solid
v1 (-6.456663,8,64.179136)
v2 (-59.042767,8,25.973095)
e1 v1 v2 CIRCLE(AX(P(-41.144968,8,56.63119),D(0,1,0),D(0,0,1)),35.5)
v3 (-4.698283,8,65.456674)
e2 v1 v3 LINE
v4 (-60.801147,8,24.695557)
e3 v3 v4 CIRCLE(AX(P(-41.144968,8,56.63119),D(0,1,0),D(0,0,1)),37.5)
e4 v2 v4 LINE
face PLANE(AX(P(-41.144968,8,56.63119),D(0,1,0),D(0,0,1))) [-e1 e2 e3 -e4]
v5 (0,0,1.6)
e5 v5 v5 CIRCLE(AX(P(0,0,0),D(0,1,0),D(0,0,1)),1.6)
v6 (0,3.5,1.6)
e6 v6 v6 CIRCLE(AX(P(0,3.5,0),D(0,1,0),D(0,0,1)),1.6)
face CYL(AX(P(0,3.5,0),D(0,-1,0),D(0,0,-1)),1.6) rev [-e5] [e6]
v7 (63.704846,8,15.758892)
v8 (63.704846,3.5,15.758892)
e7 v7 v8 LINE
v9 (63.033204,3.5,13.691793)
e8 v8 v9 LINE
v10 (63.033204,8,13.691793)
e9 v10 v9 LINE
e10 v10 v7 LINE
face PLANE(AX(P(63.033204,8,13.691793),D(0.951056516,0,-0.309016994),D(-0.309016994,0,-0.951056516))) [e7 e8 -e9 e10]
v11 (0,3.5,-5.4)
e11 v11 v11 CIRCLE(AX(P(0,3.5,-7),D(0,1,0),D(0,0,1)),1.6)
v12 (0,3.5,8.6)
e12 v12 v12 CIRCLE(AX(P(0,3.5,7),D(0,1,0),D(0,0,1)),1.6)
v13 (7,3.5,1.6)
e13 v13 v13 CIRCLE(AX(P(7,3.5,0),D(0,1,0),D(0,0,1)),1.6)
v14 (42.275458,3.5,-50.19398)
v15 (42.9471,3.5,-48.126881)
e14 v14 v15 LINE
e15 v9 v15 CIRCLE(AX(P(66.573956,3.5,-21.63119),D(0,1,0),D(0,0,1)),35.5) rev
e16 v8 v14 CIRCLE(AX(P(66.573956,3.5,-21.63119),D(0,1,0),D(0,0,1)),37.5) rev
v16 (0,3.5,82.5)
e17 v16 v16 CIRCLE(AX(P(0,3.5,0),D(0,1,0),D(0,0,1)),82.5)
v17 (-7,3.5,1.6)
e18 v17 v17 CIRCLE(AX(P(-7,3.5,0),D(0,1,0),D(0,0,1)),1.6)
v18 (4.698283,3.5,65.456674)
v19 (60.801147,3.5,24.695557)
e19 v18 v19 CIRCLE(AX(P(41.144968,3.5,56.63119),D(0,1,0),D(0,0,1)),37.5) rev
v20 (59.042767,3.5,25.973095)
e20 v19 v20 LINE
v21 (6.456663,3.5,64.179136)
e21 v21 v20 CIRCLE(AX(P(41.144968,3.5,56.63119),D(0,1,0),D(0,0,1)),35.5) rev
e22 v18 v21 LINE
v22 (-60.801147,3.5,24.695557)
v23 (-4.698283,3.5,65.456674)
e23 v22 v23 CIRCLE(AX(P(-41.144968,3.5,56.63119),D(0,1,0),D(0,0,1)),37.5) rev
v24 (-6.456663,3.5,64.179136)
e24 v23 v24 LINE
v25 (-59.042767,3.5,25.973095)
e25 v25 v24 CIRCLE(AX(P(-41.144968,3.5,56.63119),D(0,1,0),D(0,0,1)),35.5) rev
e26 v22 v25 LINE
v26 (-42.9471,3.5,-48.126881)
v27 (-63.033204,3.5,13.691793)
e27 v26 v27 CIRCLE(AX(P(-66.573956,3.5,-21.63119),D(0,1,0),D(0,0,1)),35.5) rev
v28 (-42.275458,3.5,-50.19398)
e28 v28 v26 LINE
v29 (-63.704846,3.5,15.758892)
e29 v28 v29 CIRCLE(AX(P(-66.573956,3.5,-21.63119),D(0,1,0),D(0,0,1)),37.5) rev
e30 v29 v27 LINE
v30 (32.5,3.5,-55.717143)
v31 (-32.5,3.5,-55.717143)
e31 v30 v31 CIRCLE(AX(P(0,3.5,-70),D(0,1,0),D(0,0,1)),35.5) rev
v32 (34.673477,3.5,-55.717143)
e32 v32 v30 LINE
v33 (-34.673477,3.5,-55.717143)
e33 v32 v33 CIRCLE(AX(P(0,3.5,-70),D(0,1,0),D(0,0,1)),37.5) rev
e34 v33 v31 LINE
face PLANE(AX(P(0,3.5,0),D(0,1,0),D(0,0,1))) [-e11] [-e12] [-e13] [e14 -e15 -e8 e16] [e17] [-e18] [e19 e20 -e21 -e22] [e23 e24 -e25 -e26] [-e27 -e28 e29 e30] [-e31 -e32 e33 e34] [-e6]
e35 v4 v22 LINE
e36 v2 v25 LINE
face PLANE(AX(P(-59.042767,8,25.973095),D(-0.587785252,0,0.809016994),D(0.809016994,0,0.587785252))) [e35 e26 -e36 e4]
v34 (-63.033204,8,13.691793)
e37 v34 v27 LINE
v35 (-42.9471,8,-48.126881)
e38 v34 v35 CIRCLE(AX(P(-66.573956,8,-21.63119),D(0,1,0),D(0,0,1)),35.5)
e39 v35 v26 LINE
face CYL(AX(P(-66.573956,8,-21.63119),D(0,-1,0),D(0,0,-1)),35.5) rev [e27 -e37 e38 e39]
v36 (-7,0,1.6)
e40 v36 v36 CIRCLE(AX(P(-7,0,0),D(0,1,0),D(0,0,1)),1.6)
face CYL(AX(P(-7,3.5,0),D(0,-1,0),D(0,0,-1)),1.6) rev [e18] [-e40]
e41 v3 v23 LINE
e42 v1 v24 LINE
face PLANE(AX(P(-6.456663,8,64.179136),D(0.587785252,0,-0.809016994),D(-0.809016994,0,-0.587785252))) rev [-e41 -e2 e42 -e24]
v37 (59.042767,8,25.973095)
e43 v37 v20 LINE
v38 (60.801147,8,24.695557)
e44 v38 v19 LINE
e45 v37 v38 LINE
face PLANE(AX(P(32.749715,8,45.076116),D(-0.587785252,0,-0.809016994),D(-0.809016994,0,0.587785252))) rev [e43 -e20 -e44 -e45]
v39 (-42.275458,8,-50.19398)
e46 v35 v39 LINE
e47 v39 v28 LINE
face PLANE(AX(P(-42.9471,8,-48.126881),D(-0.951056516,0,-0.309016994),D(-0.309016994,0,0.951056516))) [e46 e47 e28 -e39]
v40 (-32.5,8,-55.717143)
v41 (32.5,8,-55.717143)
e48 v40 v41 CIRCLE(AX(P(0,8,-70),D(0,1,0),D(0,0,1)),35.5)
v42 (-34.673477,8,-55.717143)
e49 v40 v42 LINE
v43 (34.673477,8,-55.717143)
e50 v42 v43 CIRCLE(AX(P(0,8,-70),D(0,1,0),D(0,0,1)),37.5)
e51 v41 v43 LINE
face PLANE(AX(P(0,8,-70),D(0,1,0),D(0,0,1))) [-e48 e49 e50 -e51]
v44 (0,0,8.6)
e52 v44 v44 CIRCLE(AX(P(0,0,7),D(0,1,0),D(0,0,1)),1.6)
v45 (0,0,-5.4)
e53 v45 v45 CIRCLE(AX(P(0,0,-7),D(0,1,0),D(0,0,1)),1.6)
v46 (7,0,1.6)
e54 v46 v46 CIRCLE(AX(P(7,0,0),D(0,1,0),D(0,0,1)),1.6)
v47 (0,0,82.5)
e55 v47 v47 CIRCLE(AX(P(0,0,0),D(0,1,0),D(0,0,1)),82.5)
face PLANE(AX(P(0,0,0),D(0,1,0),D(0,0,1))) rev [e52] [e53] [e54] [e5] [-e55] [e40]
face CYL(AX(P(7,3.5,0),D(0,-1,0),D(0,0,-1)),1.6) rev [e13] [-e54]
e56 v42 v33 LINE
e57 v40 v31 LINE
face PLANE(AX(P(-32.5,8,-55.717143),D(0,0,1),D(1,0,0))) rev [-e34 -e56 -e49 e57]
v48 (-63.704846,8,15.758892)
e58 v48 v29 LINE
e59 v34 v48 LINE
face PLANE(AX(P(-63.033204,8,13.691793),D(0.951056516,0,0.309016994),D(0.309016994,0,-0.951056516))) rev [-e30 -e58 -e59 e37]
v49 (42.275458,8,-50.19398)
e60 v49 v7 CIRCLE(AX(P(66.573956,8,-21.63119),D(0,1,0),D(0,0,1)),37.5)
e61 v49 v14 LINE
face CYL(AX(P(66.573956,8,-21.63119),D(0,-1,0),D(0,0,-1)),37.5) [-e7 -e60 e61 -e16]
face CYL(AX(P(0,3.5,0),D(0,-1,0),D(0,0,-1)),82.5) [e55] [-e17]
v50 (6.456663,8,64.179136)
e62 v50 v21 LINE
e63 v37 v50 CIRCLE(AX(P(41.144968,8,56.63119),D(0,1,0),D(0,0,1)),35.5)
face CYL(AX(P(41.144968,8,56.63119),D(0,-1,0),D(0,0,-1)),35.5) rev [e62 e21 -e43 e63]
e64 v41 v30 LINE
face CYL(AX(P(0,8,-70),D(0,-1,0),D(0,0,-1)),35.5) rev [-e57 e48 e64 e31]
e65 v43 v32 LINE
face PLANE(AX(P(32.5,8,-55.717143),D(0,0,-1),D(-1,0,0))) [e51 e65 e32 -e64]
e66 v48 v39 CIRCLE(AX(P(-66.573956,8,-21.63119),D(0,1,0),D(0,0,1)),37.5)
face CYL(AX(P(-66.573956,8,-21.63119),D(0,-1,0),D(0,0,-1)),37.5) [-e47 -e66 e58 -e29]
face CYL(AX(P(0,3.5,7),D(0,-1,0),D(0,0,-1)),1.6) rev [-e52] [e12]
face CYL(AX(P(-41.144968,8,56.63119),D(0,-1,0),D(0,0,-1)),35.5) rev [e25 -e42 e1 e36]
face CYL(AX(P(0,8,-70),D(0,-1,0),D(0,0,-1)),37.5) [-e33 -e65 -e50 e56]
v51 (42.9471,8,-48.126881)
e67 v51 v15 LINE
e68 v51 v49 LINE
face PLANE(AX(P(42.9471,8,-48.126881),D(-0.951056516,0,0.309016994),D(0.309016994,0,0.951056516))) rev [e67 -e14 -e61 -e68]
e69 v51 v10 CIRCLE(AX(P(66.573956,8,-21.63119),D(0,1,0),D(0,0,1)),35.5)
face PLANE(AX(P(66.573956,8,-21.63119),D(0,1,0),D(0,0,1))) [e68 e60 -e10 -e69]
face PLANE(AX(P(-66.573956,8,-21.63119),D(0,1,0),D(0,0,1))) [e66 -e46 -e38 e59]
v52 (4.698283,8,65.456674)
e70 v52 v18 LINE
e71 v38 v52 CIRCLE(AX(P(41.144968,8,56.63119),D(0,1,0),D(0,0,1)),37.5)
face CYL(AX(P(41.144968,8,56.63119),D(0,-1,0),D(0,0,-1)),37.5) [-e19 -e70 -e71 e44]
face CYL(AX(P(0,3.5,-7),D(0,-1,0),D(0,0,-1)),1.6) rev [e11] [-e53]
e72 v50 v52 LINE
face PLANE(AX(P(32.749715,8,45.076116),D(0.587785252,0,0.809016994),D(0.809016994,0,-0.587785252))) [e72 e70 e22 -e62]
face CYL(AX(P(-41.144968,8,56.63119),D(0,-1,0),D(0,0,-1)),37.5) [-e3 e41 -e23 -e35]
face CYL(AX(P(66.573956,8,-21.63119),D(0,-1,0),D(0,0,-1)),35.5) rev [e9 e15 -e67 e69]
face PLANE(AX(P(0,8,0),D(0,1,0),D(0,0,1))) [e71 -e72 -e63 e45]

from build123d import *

# Parameters (mm, degrees)
SKETCH_2_R      = 82.5
SKETCH_2_R_2    = 1.6
EXTRUDE_1_DEPTH = 3.5
EXTRUDE_2_DEPTH = 8


with BuildPart() as part:
    # 草图2 → 凸台-拉伸1 (new body)
    with BuildSketch(Plane(origin=(0, 0, 0), x_dir=(1, 0, 0), z_dir=(0, 1, 0))):
        Circle(SKETCH_2_R)
        with Locations((0, -7)):
            Circle(SKETCH_2_R_2, mode=Mode.SUBTRACT)
        with Locations((-7, 0)):
            Circle(SKETCH_2_R_2, mode=Mode.SUBTRACT)
        Circle(SKETCH_2_R_2, mode=Mode.SUBTRACT)
        with Locations((7, 0)):
            Circle(SKETCH_2_R_2, mode=Mode.SUBTRACT)
        with Locations((0, 7)):
            Circle(SKETCH_2_R_2, mode=Mode.SUBTRACT)
    extrude(amount=EXTRUDE_1_DEPTH)

    # 草图2<3> → 凸台-拉伸2 (add)
    with BuildSketch(Plane(origin=(0, 0, 0), x_dir=(1, 0, 0), z_dir=(0, 1, 0))):
        with BuildLine():
            ThreePointArc((32.5, 55.717143143), (0, 34.5), (-32.5, 55.717143143))
            Line((-32.5, 55.717143143), (-34.673476895, 55.717143143))
            ThreePointArc((-34.673476895, 55.717143143), (0, 32.5), (34.673476895, 55.717143143))
            Line((34.673476895, 55.717143143), (32.5, 55.717143143))
        make_face()
        with BuildLine():
            ThreePointArc((63.033204373, -13.69179267), (32.811449812, 10.661086306), (42.947099738, 48.126880889))
            Line((42.947099738, 48.126880889), (42.275458441, 50.193980253))
            ThreePointArc((42.275458441, 50.193980253), (30.90933678, 10.043052317), (63.70484567, -15.758892035))
            Line((63.70484567, -15.758892035), (63.033204373, -13.69179267))
        make_face()
        with BuildLine():
            ThreePointArc((6.456662722, -64.17913638), (20.278591204, -27.911086306), (59.042767356, -25.973094981))
            Line((59.042767356, -25.973094981), (60.801147102, -24.695557316))
            ThreePointArc((60.801147102, -24.695557316), (19.1030207, -26.293052317), (4.698282977, -65.456674045))
            Line((4.698282977, -65.456674045), (6.456662722, -64.17913638))
        make_face()
        with BuildLine():
            ThreePointArc((-59.042767356, -25.973094981), (-20.278591204, -27.911086306), (-6.456662722, -64.17913638))
            Line((-6.456662722, -64.17913638), (-4.698282977, -65.456674045))
            ThreePointArc((-4.698282977, -65.456674045), (-19.1030207, -26.293052317), (-60.801147102, -24.695557316))
            Line((-60.801147102, -24.695557316), (-59.042767356, -25.973094981))
        make_face()
        with BuildLine():
            ThreePointArc((-42.947099738, 48.126880889), (-32.811449812, 10.661086306), (-63.033204373, -13.69179267))
            Line((-63.033204373, -13.69179267), (-63.70484567, -15.758892035))
            ThreePointArc((-63.70484567, -15.758892035), (-30.90933678, 10.043052317), (-42.275458441, 50.193980253))
            Line((-42.275458441, 50.193980253), (-42.947099738, 48.126880889))
        make_face()
    extrude(amount=EXTRUDE_2_DEPTH)


solid = part.part
